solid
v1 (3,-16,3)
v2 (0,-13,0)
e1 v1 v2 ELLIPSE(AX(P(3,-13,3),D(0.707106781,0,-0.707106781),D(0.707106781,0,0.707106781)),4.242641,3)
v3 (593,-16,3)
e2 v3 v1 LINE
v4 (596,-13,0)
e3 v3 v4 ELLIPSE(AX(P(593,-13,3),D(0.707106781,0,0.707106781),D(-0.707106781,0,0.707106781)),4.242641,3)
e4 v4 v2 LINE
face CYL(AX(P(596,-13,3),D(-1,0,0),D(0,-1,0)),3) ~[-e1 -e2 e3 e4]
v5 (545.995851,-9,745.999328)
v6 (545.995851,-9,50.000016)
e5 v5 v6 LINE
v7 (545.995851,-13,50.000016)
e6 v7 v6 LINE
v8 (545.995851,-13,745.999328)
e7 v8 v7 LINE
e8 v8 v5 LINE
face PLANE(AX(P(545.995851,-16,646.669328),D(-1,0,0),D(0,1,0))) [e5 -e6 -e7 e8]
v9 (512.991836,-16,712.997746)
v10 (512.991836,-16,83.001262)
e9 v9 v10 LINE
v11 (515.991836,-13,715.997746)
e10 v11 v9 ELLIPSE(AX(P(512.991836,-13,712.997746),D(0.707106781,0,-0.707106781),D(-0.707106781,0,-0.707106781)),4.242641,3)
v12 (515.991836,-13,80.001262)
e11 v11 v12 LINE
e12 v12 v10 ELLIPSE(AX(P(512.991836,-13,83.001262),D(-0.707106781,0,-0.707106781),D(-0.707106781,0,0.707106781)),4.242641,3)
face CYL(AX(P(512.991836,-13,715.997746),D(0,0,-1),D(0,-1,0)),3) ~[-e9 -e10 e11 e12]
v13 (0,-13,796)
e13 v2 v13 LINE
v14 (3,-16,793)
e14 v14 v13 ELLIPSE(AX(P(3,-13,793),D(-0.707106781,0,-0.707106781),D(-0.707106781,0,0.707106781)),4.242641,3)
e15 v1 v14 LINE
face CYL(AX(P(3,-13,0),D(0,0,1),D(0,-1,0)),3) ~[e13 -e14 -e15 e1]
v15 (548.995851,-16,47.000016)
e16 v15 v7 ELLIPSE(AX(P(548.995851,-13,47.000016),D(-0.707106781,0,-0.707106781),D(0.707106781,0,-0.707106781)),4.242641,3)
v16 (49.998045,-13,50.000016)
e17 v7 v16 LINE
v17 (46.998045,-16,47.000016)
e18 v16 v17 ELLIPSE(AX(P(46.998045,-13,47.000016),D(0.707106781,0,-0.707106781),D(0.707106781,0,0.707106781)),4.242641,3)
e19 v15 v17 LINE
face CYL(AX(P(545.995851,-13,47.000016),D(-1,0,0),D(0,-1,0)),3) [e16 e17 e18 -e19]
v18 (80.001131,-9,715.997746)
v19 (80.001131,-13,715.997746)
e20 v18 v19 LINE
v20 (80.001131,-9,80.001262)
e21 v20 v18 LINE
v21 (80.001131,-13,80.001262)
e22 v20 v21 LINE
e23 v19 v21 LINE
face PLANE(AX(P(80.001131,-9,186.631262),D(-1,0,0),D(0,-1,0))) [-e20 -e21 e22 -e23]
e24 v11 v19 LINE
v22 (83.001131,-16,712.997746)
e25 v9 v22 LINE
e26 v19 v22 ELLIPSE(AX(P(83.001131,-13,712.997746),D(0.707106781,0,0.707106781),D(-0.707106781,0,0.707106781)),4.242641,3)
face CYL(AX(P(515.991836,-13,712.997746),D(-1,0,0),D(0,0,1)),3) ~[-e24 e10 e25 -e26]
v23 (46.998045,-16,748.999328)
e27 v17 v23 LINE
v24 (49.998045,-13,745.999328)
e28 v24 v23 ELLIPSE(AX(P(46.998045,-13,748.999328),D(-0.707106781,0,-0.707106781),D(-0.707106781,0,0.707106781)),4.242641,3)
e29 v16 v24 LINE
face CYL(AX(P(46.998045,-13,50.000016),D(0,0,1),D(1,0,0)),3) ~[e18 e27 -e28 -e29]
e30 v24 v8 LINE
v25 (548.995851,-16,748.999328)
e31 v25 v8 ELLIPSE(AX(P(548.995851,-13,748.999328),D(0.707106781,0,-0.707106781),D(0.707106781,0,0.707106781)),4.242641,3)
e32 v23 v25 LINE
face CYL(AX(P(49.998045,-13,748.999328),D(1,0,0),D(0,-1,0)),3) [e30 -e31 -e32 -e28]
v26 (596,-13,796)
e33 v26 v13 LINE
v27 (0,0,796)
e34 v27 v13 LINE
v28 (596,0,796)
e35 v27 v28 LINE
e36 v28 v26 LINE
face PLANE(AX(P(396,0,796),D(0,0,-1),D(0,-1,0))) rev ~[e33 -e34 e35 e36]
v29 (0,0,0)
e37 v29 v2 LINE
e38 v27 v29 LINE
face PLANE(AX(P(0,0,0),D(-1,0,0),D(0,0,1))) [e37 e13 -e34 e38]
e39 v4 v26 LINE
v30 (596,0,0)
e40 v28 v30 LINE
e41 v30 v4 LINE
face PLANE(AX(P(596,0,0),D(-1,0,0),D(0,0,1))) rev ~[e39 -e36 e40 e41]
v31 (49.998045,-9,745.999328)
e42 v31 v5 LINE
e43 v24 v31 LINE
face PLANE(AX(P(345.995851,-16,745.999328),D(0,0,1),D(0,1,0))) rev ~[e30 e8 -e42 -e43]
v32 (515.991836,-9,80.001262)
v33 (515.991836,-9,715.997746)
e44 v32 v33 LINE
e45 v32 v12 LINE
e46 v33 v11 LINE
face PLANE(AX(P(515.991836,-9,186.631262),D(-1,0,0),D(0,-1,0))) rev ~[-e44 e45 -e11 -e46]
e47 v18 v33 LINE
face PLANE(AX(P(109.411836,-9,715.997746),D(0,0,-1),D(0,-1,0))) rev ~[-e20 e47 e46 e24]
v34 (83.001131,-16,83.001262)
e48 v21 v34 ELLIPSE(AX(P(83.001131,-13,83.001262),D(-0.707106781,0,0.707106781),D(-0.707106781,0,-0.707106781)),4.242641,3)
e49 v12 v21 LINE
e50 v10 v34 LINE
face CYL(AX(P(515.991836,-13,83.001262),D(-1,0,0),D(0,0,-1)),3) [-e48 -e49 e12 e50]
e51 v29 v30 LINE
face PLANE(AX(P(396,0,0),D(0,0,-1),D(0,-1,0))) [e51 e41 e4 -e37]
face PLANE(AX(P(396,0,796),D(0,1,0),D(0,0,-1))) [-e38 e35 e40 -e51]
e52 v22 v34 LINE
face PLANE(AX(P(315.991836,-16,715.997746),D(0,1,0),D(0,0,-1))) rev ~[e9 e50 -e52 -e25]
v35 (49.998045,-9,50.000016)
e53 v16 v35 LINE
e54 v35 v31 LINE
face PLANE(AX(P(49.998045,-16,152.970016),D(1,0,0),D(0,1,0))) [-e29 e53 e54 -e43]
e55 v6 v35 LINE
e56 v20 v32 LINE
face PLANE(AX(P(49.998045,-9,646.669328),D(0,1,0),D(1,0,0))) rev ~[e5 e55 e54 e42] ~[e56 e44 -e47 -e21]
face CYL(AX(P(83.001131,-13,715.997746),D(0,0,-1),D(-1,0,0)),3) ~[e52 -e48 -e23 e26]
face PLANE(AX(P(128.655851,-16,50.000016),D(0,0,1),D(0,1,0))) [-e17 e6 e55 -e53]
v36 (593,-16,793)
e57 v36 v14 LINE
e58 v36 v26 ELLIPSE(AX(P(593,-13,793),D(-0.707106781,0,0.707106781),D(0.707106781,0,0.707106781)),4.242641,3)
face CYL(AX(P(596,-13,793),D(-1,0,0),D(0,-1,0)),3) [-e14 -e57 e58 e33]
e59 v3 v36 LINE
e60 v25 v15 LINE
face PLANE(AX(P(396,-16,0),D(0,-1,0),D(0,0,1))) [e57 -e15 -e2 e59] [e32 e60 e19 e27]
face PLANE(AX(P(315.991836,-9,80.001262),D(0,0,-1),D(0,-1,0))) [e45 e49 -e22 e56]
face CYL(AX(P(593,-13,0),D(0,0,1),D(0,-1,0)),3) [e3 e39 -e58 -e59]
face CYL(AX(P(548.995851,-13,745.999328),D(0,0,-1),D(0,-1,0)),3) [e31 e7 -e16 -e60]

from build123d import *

# Parameters (mm, degrees)
F0_W      = 44.656470418
F0_H      = 33.8078811765
F1_DEPTH  = 16
F2_DEPTH  = 796
F3_DEPTH  = 196
F4_W      = 68.9578056335
F4_H      = 493.6993122101
F5_DEPTH  = 7
F6_DEPTH  = 9.7
F7_DEPTH  = 99.33
F8_DEPTH  = 99.33
F9_DEPTH  = 17.34
F10_DEPTH = 102.97
F11_W     = 35.2807044983
F11_H     = 492.0964837074
F12_DEPTH = 7
F13_DEPTH = 37.27
F14_DEPTH = 6.58
F15_DEPTH = 106.63
F16_DEPTH = 5.87
F17_DEPTH = 200
F18_DEPTH = 200
F19_DEPTH = 200
F20_DEPTH = 200
F21_DEPTH = 200
F22_DEPTH = 200
F23_R     = 3


with BuildPart() as f1:
    # F0 (on Front) → F1 (new body)
    with BuildSketch(Plane.XZ):
        with Locations((22.328235209, 16.9039405882)):
            Rectangle(F0_W, F0_H)
    extrude(amount=F1_DEPTH)

    # F2 (add): a face of the model
    f2_faces = [f1.faces().sort_by_distance(p)[0] for p in [
        (22.328235209, -8, 0),
    ]]
    extrude(f2_faces, amount=-F2_DEPTH)

    # F3 (add): a face of the model
    f3_faces = [f1.faces().sort_by_distance(p)[0] for p in [
        (0, -8, 398),
    ]]
    extrude(f3_faces, amount=-F3_DEPTH)

    # F4 (on face) → F5 (cut)
    with BuildSketch(Plane.XZ.offset(16)):
        with Locations((94.1769480705, 399.8196721077)):
            Rectangle(F4_W, F4_H)
    extrude(amount=-F5_DEPTH, mode=Mode.SUBTRACT)

    # F6 (cut): a face of the model
    f6_faces = [f1.faces().sort_by_distance(p)[0] for p in [
        (59.6980452538, -12.5, 399.8196721077),
    ]]
    extrude(f6_faces, amount=-F6_DEPTH, mode=Mode.SUBTRACT)

    # F7 (add): a face of the model
    f7_faces = [f1.faces().sort_by_distance(p)[0] for p in [
        (89.3269480705, -12.5, 646.6693282127),
    ]]
    extrude(f7_faces, amount=-F7_DEPTH)

    # F8 (cut): a face of the model
    f8_faces = [f1.faces().sort_by_distance(p)[0] for p in [
        (89.3269480705, -12.5, 646.6693282127),
    ]]
    extrude(f8_faces, amount=-F8_DEPTH, mode=Mode.SUBTRACT)

    # F9 (cut): a face of the model
    f9_faces = [f1.faces().sort_by_distance(p)[0] for p in [
        (128.6558508873, -12.5, 449.4846721077),
    ]]
    extrude(f9_faces, amount=-F9_DEPTH, mode=Mode.SUBTRACT)

    # F10 (cut): a face of the model
    f10_faces = [f1.faces().sort_by_distance(p)[0] for p in [
        (97.9969480705, -12.5, 152.9700160027),
    ]]
    extrude(f10_faces, amount=-F10_DEPTH, mode=Mode.SUBTRACT)

    # F11 (on face) → F12 (join)
    with BuildSketch(Plane.XZ.offset(9)):
        with Locations((91.7714834213, 432.6795041561)):
            Rectangle(F11_W, F11_H)
    extrude(amount=F12_DEPTH)

    # F13 (add): a face of the model
    f13_faces = [f1.faces().sort_by_distance(p)[0] for p in [
        (91.7714834213, -12.5, 678.7277460098),
    ]]
    extrude(f13_faces, amount=F13_DEPTH)

    # F14 (add): a face of the model
    f14_faces = [f1.faces().sort_by_distance(p)[0] for p in [
        (109.4118356705, -12.5, 451.3145041561),
    ]]
    extrude(f14_faces, amount=F14_DEPTH)

    # F15 (add): a face of the model
    f15_faces = [f1.faces().sort_by_distance(p)[0] for p in [
        (95.0614834213, -12.5, 186.6312623024),
    ]]
    extrude(f15_faces, amount=F15_DEPTH)

    # F16 (cut): a face of the model
    f16_faces = [f1.faces().sort_by_distance(p)[0] for p in [
        (74.1311311722, -12.5, 397.9995041561),
    ]]
    extrude(f16_faces, amount=-F16_DEPTH, mode=Mode.SUBTRACT)

    # F17 (add): a face of the model
    f17_faces = [f1.faces().sort_by_distance(p)[0] for p in [
        (196, -8, 398),
    ]]
    extrude(f17_faces, amount=F17_DEPTH)

    # F18 (cut): a face of the model
    f18_faces = [f1.faces().sort_by_distance(p)[0] for p in [
        (145.9958508873, -12.5, 397.9996721077),
    ]]
    extrude(f18_faces, amount=-F18_DEPTH, mode=Mode.SUBTRACT)

    # F19 (add): a face of the model
    f19_faces = [f1.faces().sort_by_distance(p)[0] for p in [
        (115.9918356705, -12.5, 397.9995041561),
    ]]
    extrude(f19_faces, amount=F19_DEPTH)

    # F20 (add): a face of the model
    f20_faces = [f1.faces().sort_by_distance(p)[0] for p in [
        (396, -8, 398),
    ]]
    extrude(f20_faces, amount=F20_DEPTH)

    # F21 (cut): a face of the model
    f21_faces = [f1.faces().sort_by_distance(p)[0] for p in [
        (345.9958508873, -12.5, 397.9996721077),
    ]]
    extrude(f21_faces, amount=-F21_DEPTH, mode=Mode.SUBTRACT)

    # F22 (add): a face of the model
    f22_faces = [f1.faces().sort_by_distance(p)[0] for p in [
        (315.9918356705, -12.5, 397.9995041561),
    ]]
    extrude(f22_faces, amount=F22_DEPTH)

    # F23
    f23_edges = [f1.edges().sort_by_distance(p)[0] for p in [
        (297.996483, -16, 715.997746),
        (80.001131, -16, 397.999504),
        (297.996483, -16, 80.001262),
        (515.991836, -16, 397.999504),
        (0, -16, 398),
        (298, -16, 0),
        (596, -16, 398),
        (298, -16, 796),
        (49.998045, -16, 397.999672),
        (297.996948, -16, 745.999328),
        (545.995851, -16, 397.999672),
        (297.996948, -16, 50.000016),
    ]]
    fillet(f23_edges, radius=F23_R)


solid = f1.part
